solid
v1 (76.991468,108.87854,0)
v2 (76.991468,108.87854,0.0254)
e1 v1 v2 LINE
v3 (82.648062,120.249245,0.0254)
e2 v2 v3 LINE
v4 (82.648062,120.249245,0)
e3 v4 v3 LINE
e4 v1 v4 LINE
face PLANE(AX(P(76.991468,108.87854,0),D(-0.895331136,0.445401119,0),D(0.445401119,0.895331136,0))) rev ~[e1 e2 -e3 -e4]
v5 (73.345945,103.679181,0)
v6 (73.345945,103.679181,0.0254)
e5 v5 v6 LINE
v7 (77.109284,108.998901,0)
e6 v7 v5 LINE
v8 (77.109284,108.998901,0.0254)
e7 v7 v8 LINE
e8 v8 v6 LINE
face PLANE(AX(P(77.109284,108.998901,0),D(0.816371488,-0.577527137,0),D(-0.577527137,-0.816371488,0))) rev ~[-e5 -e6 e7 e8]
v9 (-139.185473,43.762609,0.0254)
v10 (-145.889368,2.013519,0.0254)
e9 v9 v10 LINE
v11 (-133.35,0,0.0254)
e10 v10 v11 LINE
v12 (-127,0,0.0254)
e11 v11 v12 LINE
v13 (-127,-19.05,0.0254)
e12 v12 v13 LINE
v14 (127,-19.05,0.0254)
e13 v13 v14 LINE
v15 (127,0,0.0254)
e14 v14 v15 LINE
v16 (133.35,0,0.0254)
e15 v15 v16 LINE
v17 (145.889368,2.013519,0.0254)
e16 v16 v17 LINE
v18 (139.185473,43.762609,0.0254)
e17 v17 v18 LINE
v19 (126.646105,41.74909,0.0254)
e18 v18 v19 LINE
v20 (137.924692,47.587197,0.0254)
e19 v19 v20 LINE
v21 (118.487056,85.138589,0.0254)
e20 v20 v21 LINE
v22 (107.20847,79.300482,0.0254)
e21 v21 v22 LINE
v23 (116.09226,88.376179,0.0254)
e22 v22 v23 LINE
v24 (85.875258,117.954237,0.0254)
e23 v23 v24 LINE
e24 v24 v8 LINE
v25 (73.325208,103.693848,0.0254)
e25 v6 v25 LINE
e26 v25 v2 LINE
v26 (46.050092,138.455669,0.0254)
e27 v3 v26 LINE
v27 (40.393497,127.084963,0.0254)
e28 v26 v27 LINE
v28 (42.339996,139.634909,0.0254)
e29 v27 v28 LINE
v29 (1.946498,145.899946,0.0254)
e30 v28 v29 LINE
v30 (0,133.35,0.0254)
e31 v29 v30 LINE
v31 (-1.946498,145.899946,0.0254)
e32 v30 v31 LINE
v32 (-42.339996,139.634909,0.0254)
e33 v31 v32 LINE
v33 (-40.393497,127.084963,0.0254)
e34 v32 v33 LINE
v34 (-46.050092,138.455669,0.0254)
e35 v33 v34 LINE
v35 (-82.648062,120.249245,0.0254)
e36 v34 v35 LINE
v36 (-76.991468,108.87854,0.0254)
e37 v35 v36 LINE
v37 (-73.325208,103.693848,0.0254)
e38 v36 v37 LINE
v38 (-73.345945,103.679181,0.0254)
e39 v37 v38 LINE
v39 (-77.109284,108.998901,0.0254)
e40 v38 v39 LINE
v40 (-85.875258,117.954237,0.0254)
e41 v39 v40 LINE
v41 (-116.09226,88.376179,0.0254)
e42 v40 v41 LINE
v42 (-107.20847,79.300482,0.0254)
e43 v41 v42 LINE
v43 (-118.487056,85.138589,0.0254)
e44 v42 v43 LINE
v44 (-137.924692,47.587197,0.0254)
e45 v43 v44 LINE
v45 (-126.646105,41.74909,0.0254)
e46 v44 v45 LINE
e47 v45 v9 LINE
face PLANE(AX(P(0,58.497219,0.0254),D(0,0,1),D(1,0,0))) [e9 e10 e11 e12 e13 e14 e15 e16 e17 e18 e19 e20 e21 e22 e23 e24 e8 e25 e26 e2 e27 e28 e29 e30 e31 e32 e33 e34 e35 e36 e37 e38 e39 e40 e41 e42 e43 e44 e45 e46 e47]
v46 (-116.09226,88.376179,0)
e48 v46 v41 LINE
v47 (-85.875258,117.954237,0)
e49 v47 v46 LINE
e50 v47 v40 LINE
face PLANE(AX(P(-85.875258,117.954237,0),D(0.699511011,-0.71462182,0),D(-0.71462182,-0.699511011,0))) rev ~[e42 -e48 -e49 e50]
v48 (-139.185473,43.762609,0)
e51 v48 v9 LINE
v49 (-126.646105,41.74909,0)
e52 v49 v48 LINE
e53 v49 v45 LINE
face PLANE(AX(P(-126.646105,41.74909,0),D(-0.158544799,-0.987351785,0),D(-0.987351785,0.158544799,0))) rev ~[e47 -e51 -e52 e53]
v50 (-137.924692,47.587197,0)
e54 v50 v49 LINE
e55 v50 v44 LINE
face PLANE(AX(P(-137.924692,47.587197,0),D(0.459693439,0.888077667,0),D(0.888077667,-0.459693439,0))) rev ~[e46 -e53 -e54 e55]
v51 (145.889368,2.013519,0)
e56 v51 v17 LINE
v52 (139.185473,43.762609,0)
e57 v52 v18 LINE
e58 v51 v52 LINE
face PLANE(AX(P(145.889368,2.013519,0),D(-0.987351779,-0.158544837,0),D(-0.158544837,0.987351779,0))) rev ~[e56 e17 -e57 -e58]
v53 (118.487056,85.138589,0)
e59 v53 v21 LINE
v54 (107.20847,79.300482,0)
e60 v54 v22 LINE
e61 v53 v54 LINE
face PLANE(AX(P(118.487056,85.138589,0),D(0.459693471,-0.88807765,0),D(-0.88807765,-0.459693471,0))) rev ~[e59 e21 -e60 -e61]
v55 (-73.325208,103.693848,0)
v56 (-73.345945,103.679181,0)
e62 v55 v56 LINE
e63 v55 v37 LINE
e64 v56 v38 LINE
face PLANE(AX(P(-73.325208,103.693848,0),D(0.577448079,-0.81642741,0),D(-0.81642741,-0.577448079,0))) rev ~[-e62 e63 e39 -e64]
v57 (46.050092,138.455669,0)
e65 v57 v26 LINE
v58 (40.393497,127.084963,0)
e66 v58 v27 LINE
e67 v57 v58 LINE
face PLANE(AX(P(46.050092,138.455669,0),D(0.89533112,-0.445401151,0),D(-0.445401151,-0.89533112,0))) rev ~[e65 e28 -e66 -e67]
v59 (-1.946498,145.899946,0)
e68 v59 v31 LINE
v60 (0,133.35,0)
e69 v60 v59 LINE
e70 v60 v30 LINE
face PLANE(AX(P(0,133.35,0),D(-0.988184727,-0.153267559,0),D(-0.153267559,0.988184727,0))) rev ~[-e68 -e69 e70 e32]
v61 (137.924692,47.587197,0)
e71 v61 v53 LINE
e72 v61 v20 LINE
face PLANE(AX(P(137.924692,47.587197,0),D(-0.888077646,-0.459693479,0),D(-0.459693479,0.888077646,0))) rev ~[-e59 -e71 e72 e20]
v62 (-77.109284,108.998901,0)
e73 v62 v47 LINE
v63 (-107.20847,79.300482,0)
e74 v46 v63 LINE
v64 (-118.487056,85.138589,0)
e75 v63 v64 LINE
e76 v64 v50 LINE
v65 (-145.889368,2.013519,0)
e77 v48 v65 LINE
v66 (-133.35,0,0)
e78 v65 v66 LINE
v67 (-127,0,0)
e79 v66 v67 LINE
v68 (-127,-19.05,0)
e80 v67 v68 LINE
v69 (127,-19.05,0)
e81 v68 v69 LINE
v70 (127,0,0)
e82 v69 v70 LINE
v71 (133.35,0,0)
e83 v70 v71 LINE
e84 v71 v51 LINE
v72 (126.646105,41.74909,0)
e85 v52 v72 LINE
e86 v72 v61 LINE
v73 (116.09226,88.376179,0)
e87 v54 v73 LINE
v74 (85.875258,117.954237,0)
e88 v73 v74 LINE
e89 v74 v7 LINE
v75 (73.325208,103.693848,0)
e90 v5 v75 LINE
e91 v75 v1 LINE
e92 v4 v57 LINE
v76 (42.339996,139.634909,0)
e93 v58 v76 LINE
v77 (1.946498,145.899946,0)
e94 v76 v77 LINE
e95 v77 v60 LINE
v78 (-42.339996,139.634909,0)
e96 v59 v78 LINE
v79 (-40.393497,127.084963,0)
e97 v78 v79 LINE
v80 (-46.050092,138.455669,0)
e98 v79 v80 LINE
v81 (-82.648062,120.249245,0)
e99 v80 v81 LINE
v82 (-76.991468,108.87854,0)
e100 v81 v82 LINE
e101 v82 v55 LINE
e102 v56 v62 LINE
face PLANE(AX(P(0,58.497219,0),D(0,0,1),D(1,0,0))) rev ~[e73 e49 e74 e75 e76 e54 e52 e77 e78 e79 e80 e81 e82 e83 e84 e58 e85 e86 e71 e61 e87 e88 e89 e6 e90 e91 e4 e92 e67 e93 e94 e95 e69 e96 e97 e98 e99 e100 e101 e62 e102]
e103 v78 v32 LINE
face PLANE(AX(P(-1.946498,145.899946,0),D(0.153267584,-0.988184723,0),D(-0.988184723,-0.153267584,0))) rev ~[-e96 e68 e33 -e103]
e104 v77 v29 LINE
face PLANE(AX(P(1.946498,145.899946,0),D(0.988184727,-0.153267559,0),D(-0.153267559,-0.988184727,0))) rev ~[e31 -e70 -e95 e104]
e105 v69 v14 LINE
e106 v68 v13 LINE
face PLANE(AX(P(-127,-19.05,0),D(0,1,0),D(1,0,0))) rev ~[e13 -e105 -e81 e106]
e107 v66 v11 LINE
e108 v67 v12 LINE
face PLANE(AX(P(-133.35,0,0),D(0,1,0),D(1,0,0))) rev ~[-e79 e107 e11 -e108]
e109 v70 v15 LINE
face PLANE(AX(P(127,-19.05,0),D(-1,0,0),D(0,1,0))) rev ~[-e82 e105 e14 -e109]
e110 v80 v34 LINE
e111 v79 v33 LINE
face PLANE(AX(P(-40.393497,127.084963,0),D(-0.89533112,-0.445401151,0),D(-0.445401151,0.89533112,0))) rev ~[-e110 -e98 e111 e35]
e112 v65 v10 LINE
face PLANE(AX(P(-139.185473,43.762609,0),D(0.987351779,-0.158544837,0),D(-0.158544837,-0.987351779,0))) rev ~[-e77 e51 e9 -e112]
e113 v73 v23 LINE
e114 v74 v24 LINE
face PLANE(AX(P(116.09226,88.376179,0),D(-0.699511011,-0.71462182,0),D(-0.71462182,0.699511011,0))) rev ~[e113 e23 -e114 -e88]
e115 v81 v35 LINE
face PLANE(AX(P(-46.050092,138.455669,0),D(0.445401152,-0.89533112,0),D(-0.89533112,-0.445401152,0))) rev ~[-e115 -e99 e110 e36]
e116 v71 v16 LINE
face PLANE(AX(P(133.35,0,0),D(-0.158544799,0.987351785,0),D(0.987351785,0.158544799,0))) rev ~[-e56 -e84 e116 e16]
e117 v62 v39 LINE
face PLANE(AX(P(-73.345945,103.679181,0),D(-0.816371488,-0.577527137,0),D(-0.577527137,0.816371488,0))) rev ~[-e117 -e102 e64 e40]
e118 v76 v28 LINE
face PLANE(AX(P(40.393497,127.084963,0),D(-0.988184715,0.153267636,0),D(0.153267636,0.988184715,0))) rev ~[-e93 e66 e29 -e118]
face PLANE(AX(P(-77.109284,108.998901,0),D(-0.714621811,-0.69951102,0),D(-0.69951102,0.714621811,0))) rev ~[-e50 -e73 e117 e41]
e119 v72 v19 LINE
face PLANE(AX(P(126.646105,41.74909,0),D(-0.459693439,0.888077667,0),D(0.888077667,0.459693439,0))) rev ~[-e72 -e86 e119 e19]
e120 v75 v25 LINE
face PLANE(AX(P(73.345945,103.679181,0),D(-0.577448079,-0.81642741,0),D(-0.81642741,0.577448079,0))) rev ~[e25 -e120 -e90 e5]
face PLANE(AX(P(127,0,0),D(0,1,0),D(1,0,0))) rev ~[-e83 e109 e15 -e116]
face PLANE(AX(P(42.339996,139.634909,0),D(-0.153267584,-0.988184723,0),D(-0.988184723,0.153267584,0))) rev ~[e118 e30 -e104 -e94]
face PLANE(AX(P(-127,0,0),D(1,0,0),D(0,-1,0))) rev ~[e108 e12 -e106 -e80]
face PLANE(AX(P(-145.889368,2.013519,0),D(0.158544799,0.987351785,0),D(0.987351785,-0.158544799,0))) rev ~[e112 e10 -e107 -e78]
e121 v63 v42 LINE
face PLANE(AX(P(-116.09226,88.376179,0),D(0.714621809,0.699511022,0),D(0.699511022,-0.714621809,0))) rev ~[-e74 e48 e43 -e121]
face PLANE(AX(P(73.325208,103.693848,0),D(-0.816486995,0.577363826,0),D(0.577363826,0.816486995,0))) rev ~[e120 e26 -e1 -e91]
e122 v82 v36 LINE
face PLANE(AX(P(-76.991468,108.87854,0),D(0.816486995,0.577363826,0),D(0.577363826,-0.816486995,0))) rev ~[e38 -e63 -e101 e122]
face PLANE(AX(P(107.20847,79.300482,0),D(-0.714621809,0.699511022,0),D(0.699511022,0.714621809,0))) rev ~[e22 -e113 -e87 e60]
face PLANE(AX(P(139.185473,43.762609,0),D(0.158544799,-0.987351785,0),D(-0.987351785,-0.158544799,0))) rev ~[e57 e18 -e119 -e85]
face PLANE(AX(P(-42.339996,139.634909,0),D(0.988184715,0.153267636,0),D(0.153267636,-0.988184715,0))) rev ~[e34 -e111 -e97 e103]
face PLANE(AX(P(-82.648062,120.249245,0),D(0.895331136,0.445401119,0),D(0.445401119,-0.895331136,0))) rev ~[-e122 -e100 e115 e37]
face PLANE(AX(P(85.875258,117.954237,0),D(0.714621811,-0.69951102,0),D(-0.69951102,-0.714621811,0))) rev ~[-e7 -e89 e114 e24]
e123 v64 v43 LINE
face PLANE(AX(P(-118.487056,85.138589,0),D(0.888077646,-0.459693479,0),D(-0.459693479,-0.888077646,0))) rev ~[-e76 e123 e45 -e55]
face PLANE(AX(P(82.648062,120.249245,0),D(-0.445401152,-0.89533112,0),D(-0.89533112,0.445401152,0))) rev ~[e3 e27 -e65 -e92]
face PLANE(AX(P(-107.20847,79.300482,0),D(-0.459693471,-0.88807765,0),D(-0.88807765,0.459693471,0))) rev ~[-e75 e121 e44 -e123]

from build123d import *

# Parameters (mm, degrees)
F1_DEPTH = 0.0254


with BuildPart() as f1:
    # F0 (on Top) → F1 (new body)
    with BuildSketch(Plane.XY):
        Polygon((127, -19.05), (127, 0), (133.35, 0), (145.889368, 2.013519), (139.185473, 43.762609), (126.646105, 41.74909), (137.924692, 47.587197), (118.487056, 85.138589), (107.20847, 79.300482), (116.09226, 88.376179), (85.875258, 117.954237), (77.109284, 108.998901), (73.345945, 103.679181), (73.325208, 103.693848), (76.991468, 108.87854), (82.648062, 120.249245), (46.050092, 138.455669), (40.393497, 127.084963), (42.339996, 139.634909), (1.946498, 145.899946), (0, 133.35), (-1.946498, 145.899946), (-42.339996, 139.634909), (-40.393497, 127.084963), (-46.050092, 138.455669), (-82.648062, 120.249245), (-76.991468, 108.87854), (-73.325208, 103.693848), (-73.345945, 103.679181), (-77.109284, 108.998901), (-85.875258, 117.954237), (-116.09226, 88.376179), (-107.20847, 79.300482), (-118.487056, 85.138589), (-137.924692, 47.587197), (-126.646105, 41.74909), (-139.185473, 43.762609), (-145.889368, 2.013519), (-133.35, 0), (-127, 0), (-127, -19.05), align=None)
    extrude(amount=F1_DEPTH)


solid = f1.part
